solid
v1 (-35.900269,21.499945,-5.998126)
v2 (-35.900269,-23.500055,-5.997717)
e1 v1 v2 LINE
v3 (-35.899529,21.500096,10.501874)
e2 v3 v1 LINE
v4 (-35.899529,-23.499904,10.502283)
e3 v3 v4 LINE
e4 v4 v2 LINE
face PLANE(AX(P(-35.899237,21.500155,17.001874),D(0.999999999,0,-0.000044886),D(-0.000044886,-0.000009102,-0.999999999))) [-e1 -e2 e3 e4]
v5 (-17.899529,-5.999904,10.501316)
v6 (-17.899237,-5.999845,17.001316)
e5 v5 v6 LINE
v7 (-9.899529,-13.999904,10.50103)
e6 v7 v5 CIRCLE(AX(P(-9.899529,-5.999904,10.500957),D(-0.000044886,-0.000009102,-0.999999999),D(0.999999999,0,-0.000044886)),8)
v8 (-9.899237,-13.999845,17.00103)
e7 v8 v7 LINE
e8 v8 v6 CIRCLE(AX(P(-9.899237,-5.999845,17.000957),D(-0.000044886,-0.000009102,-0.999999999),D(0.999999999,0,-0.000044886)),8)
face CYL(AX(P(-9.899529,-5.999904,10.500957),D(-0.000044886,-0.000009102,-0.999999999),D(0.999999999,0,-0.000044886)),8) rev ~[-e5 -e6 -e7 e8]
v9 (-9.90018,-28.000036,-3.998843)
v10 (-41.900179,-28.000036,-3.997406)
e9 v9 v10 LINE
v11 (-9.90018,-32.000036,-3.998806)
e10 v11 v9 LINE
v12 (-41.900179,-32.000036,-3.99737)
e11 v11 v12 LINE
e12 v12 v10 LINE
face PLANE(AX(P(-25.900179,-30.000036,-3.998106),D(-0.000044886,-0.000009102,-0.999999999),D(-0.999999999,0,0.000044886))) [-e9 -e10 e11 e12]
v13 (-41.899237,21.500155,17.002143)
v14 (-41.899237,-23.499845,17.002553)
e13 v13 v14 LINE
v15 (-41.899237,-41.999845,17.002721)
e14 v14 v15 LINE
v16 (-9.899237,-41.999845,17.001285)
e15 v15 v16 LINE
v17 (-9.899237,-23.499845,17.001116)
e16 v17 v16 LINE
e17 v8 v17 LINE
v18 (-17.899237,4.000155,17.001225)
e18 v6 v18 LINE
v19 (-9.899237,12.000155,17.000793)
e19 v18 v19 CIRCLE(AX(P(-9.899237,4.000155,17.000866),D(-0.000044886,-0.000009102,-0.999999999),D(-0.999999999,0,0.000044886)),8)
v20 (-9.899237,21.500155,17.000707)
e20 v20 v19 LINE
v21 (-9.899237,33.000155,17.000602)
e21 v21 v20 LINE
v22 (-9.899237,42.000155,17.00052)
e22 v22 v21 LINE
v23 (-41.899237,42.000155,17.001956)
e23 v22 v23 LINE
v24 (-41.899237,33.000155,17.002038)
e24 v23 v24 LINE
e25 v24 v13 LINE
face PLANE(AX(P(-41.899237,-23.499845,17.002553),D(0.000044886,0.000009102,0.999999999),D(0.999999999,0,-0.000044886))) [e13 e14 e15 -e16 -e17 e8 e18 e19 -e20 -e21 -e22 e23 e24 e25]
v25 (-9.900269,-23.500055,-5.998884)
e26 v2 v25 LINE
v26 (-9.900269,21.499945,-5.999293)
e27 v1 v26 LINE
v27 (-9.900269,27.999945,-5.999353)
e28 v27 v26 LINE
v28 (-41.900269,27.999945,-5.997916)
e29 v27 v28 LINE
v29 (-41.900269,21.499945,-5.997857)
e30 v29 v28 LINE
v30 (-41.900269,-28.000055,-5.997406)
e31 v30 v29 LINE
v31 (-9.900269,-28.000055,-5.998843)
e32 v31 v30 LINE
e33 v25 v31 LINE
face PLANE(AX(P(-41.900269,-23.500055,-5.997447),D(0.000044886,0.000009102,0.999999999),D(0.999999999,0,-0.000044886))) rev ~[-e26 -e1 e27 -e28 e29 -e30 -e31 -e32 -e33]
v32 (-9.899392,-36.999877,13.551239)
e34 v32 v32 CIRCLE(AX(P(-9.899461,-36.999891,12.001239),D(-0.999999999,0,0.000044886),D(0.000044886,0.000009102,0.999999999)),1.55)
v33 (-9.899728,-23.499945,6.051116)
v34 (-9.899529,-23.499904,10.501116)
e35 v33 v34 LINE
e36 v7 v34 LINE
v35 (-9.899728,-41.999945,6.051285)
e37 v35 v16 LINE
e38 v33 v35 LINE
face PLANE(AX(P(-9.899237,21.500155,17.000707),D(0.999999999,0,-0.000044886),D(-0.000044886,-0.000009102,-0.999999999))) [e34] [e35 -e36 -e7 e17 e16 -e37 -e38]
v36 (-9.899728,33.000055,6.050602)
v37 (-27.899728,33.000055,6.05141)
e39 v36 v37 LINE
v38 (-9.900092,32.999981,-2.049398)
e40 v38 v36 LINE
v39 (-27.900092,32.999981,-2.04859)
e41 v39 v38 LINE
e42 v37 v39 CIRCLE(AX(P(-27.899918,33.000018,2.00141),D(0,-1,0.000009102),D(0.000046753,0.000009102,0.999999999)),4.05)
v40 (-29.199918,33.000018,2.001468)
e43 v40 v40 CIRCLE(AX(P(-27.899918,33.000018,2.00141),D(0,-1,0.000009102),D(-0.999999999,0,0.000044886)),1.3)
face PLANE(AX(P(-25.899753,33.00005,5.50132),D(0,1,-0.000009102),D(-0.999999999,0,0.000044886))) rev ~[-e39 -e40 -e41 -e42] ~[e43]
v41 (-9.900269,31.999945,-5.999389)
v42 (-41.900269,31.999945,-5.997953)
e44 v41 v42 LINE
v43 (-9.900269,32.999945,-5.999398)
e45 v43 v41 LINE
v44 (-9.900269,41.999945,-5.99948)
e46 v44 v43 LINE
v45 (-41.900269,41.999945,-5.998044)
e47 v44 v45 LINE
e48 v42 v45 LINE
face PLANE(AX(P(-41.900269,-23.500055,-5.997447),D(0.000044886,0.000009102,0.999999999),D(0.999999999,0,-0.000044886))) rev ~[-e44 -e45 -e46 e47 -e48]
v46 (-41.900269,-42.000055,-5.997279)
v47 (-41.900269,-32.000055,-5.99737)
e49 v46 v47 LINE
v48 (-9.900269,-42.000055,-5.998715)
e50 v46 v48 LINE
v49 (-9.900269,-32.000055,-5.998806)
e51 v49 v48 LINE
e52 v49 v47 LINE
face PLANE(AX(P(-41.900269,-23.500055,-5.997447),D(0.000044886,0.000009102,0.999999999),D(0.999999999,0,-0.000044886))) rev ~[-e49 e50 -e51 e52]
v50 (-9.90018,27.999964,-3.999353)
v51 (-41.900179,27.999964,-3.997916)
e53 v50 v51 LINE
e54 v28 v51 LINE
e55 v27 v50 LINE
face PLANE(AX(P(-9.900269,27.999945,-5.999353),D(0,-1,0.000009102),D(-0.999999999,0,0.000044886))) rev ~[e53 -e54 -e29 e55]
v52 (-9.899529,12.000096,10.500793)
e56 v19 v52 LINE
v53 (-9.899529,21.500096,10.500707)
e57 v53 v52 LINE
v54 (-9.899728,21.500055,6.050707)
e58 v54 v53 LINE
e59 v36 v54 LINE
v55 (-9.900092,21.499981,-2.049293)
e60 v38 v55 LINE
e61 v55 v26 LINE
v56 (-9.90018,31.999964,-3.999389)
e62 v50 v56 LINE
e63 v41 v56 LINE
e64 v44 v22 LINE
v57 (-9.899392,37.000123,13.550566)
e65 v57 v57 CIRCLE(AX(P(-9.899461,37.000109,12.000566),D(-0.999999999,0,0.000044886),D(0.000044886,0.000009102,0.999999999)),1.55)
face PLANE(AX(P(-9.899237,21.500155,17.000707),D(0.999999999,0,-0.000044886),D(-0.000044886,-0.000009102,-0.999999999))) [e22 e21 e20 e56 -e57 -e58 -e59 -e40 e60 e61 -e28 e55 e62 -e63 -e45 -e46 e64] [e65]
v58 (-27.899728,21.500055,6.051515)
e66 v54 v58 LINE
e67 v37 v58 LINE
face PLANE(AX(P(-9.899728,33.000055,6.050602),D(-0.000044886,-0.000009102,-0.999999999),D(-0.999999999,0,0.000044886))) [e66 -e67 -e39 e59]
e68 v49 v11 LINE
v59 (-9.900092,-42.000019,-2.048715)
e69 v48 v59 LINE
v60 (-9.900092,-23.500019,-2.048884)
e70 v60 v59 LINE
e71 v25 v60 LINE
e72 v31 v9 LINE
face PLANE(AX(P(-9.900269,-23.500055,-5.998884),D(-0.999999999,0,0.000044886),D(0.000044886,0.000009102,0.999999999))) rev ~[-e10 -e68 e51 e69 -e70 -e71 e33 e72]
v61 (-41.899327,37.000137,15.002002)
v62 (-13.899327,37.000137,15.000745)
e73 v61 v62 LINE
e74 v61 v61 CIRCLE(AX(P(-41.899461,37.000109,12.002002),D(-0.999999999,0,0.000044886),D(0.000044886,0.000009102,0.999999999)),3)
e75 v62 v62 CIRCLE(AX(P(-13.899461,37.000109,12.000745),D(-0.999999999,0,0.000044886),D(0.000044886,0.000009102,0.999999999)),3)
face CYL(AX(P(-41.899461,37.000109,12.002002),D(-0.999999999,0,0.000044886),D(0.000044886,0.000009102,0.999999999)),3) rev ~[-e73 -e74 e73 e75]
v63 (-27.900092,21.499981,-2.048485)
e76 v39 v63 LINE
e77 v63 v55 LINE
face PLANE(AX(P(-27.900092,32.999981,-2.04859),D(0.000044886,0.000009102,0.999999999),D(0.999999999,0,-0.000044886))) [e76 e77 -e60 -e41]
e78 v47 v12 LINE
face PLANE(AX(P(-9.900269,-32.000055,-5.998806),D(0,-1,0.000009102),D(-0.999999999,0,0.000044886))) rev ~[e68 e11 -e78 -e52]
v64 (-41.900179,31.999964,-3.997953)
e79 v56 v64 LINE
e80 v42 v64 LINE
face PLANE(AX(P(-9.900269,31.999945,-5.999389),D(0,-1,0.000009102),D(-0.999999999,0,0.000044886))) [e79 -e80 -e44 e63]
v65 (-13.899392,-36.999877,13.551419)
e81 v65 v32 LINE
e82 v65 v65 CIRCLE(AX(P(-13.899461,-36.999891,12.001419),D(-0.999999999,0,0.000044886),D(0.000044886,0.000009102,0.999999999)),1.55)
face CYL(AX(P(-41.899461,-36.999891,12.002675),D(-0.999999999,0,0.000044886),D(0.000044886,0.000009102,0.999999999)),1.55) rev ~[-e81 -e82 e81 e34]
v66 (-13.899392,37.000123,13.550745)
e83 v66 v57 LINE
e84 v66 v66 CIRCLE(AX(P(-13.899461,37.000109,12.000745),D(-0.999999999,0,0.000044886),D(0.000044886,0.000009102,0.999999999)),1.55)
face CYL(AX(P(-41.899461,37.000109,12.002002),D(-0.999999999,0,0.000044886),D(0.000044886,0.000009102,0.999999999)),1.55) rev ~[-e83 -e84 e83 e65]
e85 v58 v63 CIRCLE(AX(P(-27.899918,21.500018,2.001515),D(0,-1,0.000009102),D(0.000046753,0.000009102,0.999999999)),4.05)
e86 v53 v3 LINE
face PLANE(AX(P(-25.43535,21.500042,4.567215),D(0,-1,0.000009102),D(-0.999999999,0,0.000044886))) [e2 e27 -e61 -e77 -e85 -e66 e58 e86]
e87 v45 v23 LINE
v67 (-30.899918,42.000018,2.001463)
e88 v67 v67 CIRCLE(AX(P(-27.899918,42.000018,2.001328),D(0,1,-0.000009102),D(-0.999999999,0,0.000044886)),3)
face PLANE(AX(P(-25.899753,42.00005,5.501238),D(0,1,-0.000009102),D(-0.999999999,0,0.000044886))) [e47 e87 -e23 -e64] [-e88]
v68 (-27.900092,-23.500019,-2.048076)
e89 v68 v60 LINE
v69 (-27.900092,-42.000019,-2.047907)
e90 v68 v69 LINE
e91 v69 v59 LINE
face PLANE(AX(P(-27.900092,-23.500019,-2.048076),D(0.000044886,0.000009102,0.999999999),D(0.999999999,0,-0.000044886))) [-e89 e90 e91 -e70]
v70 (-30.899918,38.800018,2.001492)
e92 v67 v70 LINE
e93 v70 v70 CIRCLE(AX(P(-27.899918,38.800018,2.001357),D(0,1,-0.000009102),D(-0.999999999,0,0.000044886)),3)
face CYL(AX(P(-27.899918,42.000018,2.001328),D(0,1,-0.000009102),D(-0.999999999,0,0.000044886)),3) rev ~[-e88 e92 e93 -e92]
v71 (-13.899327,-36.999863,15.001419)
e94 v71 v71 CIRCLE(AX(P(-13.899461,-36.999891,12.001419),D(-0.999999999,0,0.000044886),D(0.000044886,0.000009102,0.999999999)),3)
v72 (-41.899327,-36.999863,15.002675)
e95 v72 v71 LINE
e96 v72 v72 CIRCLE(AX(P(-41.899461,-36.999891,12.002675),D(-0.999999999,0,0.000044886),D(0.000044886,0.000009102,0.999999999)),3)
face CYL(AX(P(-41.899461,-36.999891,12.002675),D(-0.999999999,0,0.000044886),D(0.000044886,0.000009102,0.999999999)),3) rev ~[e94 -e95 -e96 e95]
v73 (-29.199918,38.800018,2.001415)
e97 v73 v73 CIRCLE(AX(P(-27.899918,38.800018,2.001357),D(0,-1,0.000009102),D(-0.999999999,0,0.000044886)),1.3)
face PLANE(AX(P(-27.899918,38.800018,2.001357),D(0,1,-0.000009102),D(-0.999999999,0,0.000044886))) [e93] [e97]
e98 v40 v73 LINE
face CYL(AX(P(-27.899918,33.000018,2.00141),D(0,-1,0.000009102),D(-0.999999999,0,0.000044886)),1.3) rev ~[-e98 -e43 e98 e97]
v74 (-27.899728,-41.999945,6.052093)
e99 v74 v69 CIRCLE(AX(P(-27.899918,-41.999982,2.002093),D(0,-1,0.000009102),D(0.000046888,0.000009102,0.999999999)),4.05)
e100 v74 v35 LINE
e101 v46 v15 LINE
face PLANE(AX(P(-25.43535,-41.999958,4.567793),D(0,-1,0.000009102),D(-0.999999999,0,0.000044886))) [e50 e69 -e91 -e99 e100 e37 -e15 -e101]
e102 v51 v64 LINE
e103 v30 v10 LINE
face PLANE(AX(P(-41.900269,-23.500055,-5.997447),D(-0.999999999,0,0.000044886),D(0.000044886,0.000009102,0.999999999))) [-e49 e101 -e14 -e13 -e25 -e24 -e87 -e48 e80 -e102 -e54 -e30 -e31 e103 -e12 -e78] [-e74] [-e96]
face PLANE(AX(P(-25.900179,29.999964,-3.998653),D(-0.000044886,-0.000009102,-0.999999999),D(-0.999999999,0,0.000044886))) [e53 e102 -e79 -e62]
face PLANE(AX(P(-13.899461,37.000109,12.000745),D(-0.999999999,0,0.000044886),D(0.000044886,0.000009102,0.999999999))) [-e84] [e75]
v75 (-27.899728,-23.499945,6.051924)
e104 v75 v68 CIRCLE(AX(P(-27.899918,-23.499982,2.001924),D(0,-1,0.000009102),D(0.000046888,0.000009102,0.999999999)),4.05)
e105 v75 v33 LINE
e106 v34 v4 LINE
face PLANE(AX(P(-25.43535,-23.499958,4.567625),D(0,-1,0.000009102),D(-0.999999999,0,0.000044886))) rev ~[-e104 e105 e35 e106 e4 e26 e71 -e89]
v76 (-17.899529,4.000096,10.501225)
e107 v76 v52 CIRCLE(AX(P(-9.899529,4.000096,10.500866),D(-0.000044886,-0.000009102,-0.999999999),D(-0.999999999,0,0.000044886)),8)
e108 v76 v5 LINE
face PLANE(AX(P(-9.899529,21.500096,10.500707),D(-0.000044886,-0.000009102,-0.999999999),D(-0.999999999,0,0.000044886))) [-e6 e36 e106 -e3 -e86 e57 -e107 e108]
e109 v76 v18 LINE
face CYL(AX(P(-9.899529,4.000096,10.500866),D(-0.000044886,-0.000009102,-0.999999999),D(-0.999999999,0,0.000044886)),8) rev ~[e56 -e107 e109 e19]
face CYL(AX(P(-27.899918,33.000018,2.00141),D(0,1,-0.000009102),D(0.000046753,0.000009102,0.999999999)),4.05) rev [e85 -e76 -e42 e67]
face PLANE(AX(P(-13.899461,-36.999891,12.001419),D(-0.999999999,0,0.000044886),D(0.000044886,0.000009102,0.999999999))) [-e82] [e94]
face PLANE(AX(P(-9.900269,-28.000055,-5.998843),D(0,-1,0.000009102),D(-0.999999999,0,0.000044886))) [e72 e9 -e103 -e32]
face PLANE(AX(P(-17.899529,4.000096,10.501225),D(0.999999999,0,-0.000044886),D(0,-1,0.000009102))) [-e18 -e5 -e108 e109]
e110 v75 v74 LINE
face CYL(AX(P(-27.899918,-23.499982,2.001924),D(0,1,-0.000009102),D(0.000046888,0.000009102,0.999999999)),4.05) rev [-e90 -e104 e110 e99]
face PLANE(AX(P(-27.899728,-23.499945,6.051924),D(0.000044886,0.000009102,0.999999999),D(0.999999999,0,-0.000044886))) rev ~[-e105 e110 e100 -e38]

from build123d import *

# Parameters (mm, degrees)
SKETCH014_W     = 32
SKETCH014_H     = 23
PAD010_DEPTH    = 9
PAD011_DEPTH    = 11.5
SKETCH016_W     = 6
SKETCH016_H     = 23
PAD012_DEPTH    = 45
SKETCH017_W     = 26
SKETCH017_H     = 6.5
PAD013_DEPTH    = 45
PAD014_DEPTH    = 18.5
POCKET004_DEPTH = 7
SKETCH020_R     = 1.55
POCKET005_DEPTH = 32.0020324037
SKETCH023_W     = 32
SKETCH023_H     = 4
POCKET008_DEPTH = 2
SKETCH031_R     = 3
POCKET015_DEPTH = 28
SKETCH032_R     = 1.3
POCKET016_DEPTH = 9.0012093656
SKETCH033_R     = 3
POCKET017_DEPTH = 3.2


with BuildPart() as part:
    # Sketch014 (on DatumPlane) → Pad010 (new body)
    with BuildSketch(Plane(origin=(0.0002244487, 42.0000455139, 5.000075686), x_dir=(-0.999999999, 4e-10, 4.48856e-05), z_dir=(0, 1, -9.1023e-06))):
        with Locations((25.9, 0.5)):
            Rectangle(SKETCH014_W, SKETCH014_H)
    extrude(amount=-PAD010_DEPTH)

    # Sketch015 (on Face6 of Pad010) → Pad011 (join)
    with BuildSketch(Plane(origin=(0.0002244487, 33.0000455142, 5.0001576066), x_dir=(-0.999999999, 4e-10, 4.48856e-05), z_dir=(0, -1, 9.1023e-06))):
        with BuildLine():
            Line((41.9, 11), (9.9, 11))
            Line((9.9, 7.05), (9.9, 11))
            Line((27.9, 7.05), (9.9, 7.05))
            ThreePointArc((27.9, -1.05), (31.9500075634, 3), (27.9, 7.05))
            Line((9.9, -1.05), (27.9, -1.05))
            Line((9.9, -1.05), (9.9, -12))
            Line((41.9, -12), (9.9, -12))
            Line((41.9, 11), (41.9, -12))
        make_face()
    extrude(amount=PAD011_DEPTH)

    # Sketch016 (on Face3 of Pad011) → Pad012 (join)
    with BuildSketch(Plane(origin=(0.0002244487, 21.5000455147, 5.0002622829), x_dir=(-0.999999999, 4e-10, 4.48856e-05), z_dir=(0, -1, 9.1023e-06))):
        with Locations((38.9, -0.5)):
            Rectangle(SKETCH016_W, SKETCH016_H)
    extrude(amount=PAD012_DEPTH)

    # Sketch017 (on Face6 of Pad012) → Pad013 (join)
    with BuildSketch(Plane(origin=(0.0002244487, 21.5000455147, 5.0002622829), x_dir=(-0.999999999, 4e-10, 4.48856e-05), z_dir=(0, -1, 9.1023e-06))):
        with Locations((22.9, -8.75)):
            Rectangle(SKETCH017_W, SKETCH017_H)
    extrude(amount=PAD013_DEPTH)

    # Sketch018 (on Face13 of Pad013) → Pad014 (join)
    with BuildSketch(Plane(origin=(0.0002244487, -23.4999544834, 5.0006718856), x_dir=(-0.999999999, 4e-10, 4.48856e-05), z_dir=(0, -1, 9.1023e-06))):
        with BuildLine():
            Line((41.9, 11), (9.9, 11))
            Line((9.9, 11), (9.9, 7.05))
            Line((27.9, 7.05), (9.9, 7.05))
            ThreePointArc((27.9, -1.05), (31.9500081085, 3), (27.9, 7.05))
            Line((27.9, -1.05), (9.9, -1.05))
            Line((9.9, -1.05), (9.9, -12))
            Line((41.9, -12), (9.9, -12))
            Line((41.9, 11), (41.9, -12))
        make_face()
    extrude(amount=PAD014_DEPTH)

    # Sketch019 (on Face8 of Pad014) → Pocket004 (cut)
    with BuildSketch(Plane(origin=(0.0004713196, 42.0000955764, 10.5000756803), x_dir=(-0.999999999, 4e-10, 4.48856e-05), z_dir=(-4.48856e-05, -9.1023e-06, -0.999999999))):
        with BuildLine():
            ThreePointArc((17.9, -38), (9.9, -30), (1.9, -38))
            Line((1.9, -38), (1.9, -48))
            ThreePointArc((1.9, -48), (9.9, -56), (17.9, -48))
            Line((17.9, -38), (17.9, -48))
        make_face()
    extrude(amount=-POCKET004_DEPTH, mode=Mode.SUBTRACT)

    # Sketch020 (on Face13 of Pocket004) → Pocket005 (cut, through all)
    with BuildSketch(Plane(origin=(-41.8997755091, 42.000045531, 5.0019563937), x_dir=(4.48856e-05, 9.1023e-06, 0.999999999), z_dir=(-0.999999999, 4e-10, 4.48856e-05))):
        with Locations((7, -5)):
            Circle(SKETCH020_R)
        with Locations((7, -79)):
            Circle(SKETCH020_R)
    extrude(amount=-POCKET005_DEPTH, mode=Mode.SUBTRACT)

    # Sketch023 (on Face12 of Pocket005) → Pocket008 (cut)
    with BuildSketch(Plane(origin=(-0.0002692932, 41.9999453887, -5.9999243024), x_dir=(-0.999999999, 4e-10, 4.48856e-05), z_dir=(-4.48856e-05, -9.1023e-06, -0.999999999))):
        with Locations((25.9, -12)):
            Rectangle(SKETCH023_W, SKETCH023_H)
        with Locations((25.9, -72)):
            Rectangle(SKETCH023_W, SKETCH023_H)
    extrude(amount=-POCKET008_DEPTH, mode=Mode.SUBTRACT)

    # Sketch031 (on Face14 of Pocket008) → Pocket015 (cut)
    with BuildSketch(Plane(origin=(-41.8997755091, 42.000045531, 5.0019563937), x_dir=(4.48856e-05, 9.1023e-06, 0.999999999), z_dir=(-0.999999999, 4e-10, 4.48856e-05))):
        with Locations((7, -5)):
            Circle(SKETCH031_R)
        with Locations((7, -79)):
            Circle(SKETCH031_R)
    extrude(amount=-POCKET015_DEPTH, mode=Mode.SUBTRACT)

    # Sketch032 (on Face32 of Pocket015) → Pocket016 (cut, through all)
    with BuildSketch(Plane(origin=(0.0002244487, 33.0000455142, 5.0001576066), x_dir=(-0.999999999, 4e-10, 4.48856e-05), z_dir=(0, -1, 9.1023e-06))):
        with Locations((27.900008, 3)):
            Circle(SKETCH032_R)
    extrude(amount=-POCKET016_DEPTH, mode=Mode.SUBTRACT)

    # Sketch033 (on Face17 of Pocket016) → Pocket017 (cut)
    with BuildSketch(Plane(origin=(0.0002244487, 42.0000455139, 5.0000756861), x_dir=(-0.999999999, 4e-10, 4.48856e-05), z_dir=(0, 1, -9.1023e-06))):
        with Locations((27.900008, -3)):
            Circle(SKETCH033_R)
    extrude(amount=-POCKET017_DEPTH, mode=Mode.SUBTRACT)


solid = part.part
